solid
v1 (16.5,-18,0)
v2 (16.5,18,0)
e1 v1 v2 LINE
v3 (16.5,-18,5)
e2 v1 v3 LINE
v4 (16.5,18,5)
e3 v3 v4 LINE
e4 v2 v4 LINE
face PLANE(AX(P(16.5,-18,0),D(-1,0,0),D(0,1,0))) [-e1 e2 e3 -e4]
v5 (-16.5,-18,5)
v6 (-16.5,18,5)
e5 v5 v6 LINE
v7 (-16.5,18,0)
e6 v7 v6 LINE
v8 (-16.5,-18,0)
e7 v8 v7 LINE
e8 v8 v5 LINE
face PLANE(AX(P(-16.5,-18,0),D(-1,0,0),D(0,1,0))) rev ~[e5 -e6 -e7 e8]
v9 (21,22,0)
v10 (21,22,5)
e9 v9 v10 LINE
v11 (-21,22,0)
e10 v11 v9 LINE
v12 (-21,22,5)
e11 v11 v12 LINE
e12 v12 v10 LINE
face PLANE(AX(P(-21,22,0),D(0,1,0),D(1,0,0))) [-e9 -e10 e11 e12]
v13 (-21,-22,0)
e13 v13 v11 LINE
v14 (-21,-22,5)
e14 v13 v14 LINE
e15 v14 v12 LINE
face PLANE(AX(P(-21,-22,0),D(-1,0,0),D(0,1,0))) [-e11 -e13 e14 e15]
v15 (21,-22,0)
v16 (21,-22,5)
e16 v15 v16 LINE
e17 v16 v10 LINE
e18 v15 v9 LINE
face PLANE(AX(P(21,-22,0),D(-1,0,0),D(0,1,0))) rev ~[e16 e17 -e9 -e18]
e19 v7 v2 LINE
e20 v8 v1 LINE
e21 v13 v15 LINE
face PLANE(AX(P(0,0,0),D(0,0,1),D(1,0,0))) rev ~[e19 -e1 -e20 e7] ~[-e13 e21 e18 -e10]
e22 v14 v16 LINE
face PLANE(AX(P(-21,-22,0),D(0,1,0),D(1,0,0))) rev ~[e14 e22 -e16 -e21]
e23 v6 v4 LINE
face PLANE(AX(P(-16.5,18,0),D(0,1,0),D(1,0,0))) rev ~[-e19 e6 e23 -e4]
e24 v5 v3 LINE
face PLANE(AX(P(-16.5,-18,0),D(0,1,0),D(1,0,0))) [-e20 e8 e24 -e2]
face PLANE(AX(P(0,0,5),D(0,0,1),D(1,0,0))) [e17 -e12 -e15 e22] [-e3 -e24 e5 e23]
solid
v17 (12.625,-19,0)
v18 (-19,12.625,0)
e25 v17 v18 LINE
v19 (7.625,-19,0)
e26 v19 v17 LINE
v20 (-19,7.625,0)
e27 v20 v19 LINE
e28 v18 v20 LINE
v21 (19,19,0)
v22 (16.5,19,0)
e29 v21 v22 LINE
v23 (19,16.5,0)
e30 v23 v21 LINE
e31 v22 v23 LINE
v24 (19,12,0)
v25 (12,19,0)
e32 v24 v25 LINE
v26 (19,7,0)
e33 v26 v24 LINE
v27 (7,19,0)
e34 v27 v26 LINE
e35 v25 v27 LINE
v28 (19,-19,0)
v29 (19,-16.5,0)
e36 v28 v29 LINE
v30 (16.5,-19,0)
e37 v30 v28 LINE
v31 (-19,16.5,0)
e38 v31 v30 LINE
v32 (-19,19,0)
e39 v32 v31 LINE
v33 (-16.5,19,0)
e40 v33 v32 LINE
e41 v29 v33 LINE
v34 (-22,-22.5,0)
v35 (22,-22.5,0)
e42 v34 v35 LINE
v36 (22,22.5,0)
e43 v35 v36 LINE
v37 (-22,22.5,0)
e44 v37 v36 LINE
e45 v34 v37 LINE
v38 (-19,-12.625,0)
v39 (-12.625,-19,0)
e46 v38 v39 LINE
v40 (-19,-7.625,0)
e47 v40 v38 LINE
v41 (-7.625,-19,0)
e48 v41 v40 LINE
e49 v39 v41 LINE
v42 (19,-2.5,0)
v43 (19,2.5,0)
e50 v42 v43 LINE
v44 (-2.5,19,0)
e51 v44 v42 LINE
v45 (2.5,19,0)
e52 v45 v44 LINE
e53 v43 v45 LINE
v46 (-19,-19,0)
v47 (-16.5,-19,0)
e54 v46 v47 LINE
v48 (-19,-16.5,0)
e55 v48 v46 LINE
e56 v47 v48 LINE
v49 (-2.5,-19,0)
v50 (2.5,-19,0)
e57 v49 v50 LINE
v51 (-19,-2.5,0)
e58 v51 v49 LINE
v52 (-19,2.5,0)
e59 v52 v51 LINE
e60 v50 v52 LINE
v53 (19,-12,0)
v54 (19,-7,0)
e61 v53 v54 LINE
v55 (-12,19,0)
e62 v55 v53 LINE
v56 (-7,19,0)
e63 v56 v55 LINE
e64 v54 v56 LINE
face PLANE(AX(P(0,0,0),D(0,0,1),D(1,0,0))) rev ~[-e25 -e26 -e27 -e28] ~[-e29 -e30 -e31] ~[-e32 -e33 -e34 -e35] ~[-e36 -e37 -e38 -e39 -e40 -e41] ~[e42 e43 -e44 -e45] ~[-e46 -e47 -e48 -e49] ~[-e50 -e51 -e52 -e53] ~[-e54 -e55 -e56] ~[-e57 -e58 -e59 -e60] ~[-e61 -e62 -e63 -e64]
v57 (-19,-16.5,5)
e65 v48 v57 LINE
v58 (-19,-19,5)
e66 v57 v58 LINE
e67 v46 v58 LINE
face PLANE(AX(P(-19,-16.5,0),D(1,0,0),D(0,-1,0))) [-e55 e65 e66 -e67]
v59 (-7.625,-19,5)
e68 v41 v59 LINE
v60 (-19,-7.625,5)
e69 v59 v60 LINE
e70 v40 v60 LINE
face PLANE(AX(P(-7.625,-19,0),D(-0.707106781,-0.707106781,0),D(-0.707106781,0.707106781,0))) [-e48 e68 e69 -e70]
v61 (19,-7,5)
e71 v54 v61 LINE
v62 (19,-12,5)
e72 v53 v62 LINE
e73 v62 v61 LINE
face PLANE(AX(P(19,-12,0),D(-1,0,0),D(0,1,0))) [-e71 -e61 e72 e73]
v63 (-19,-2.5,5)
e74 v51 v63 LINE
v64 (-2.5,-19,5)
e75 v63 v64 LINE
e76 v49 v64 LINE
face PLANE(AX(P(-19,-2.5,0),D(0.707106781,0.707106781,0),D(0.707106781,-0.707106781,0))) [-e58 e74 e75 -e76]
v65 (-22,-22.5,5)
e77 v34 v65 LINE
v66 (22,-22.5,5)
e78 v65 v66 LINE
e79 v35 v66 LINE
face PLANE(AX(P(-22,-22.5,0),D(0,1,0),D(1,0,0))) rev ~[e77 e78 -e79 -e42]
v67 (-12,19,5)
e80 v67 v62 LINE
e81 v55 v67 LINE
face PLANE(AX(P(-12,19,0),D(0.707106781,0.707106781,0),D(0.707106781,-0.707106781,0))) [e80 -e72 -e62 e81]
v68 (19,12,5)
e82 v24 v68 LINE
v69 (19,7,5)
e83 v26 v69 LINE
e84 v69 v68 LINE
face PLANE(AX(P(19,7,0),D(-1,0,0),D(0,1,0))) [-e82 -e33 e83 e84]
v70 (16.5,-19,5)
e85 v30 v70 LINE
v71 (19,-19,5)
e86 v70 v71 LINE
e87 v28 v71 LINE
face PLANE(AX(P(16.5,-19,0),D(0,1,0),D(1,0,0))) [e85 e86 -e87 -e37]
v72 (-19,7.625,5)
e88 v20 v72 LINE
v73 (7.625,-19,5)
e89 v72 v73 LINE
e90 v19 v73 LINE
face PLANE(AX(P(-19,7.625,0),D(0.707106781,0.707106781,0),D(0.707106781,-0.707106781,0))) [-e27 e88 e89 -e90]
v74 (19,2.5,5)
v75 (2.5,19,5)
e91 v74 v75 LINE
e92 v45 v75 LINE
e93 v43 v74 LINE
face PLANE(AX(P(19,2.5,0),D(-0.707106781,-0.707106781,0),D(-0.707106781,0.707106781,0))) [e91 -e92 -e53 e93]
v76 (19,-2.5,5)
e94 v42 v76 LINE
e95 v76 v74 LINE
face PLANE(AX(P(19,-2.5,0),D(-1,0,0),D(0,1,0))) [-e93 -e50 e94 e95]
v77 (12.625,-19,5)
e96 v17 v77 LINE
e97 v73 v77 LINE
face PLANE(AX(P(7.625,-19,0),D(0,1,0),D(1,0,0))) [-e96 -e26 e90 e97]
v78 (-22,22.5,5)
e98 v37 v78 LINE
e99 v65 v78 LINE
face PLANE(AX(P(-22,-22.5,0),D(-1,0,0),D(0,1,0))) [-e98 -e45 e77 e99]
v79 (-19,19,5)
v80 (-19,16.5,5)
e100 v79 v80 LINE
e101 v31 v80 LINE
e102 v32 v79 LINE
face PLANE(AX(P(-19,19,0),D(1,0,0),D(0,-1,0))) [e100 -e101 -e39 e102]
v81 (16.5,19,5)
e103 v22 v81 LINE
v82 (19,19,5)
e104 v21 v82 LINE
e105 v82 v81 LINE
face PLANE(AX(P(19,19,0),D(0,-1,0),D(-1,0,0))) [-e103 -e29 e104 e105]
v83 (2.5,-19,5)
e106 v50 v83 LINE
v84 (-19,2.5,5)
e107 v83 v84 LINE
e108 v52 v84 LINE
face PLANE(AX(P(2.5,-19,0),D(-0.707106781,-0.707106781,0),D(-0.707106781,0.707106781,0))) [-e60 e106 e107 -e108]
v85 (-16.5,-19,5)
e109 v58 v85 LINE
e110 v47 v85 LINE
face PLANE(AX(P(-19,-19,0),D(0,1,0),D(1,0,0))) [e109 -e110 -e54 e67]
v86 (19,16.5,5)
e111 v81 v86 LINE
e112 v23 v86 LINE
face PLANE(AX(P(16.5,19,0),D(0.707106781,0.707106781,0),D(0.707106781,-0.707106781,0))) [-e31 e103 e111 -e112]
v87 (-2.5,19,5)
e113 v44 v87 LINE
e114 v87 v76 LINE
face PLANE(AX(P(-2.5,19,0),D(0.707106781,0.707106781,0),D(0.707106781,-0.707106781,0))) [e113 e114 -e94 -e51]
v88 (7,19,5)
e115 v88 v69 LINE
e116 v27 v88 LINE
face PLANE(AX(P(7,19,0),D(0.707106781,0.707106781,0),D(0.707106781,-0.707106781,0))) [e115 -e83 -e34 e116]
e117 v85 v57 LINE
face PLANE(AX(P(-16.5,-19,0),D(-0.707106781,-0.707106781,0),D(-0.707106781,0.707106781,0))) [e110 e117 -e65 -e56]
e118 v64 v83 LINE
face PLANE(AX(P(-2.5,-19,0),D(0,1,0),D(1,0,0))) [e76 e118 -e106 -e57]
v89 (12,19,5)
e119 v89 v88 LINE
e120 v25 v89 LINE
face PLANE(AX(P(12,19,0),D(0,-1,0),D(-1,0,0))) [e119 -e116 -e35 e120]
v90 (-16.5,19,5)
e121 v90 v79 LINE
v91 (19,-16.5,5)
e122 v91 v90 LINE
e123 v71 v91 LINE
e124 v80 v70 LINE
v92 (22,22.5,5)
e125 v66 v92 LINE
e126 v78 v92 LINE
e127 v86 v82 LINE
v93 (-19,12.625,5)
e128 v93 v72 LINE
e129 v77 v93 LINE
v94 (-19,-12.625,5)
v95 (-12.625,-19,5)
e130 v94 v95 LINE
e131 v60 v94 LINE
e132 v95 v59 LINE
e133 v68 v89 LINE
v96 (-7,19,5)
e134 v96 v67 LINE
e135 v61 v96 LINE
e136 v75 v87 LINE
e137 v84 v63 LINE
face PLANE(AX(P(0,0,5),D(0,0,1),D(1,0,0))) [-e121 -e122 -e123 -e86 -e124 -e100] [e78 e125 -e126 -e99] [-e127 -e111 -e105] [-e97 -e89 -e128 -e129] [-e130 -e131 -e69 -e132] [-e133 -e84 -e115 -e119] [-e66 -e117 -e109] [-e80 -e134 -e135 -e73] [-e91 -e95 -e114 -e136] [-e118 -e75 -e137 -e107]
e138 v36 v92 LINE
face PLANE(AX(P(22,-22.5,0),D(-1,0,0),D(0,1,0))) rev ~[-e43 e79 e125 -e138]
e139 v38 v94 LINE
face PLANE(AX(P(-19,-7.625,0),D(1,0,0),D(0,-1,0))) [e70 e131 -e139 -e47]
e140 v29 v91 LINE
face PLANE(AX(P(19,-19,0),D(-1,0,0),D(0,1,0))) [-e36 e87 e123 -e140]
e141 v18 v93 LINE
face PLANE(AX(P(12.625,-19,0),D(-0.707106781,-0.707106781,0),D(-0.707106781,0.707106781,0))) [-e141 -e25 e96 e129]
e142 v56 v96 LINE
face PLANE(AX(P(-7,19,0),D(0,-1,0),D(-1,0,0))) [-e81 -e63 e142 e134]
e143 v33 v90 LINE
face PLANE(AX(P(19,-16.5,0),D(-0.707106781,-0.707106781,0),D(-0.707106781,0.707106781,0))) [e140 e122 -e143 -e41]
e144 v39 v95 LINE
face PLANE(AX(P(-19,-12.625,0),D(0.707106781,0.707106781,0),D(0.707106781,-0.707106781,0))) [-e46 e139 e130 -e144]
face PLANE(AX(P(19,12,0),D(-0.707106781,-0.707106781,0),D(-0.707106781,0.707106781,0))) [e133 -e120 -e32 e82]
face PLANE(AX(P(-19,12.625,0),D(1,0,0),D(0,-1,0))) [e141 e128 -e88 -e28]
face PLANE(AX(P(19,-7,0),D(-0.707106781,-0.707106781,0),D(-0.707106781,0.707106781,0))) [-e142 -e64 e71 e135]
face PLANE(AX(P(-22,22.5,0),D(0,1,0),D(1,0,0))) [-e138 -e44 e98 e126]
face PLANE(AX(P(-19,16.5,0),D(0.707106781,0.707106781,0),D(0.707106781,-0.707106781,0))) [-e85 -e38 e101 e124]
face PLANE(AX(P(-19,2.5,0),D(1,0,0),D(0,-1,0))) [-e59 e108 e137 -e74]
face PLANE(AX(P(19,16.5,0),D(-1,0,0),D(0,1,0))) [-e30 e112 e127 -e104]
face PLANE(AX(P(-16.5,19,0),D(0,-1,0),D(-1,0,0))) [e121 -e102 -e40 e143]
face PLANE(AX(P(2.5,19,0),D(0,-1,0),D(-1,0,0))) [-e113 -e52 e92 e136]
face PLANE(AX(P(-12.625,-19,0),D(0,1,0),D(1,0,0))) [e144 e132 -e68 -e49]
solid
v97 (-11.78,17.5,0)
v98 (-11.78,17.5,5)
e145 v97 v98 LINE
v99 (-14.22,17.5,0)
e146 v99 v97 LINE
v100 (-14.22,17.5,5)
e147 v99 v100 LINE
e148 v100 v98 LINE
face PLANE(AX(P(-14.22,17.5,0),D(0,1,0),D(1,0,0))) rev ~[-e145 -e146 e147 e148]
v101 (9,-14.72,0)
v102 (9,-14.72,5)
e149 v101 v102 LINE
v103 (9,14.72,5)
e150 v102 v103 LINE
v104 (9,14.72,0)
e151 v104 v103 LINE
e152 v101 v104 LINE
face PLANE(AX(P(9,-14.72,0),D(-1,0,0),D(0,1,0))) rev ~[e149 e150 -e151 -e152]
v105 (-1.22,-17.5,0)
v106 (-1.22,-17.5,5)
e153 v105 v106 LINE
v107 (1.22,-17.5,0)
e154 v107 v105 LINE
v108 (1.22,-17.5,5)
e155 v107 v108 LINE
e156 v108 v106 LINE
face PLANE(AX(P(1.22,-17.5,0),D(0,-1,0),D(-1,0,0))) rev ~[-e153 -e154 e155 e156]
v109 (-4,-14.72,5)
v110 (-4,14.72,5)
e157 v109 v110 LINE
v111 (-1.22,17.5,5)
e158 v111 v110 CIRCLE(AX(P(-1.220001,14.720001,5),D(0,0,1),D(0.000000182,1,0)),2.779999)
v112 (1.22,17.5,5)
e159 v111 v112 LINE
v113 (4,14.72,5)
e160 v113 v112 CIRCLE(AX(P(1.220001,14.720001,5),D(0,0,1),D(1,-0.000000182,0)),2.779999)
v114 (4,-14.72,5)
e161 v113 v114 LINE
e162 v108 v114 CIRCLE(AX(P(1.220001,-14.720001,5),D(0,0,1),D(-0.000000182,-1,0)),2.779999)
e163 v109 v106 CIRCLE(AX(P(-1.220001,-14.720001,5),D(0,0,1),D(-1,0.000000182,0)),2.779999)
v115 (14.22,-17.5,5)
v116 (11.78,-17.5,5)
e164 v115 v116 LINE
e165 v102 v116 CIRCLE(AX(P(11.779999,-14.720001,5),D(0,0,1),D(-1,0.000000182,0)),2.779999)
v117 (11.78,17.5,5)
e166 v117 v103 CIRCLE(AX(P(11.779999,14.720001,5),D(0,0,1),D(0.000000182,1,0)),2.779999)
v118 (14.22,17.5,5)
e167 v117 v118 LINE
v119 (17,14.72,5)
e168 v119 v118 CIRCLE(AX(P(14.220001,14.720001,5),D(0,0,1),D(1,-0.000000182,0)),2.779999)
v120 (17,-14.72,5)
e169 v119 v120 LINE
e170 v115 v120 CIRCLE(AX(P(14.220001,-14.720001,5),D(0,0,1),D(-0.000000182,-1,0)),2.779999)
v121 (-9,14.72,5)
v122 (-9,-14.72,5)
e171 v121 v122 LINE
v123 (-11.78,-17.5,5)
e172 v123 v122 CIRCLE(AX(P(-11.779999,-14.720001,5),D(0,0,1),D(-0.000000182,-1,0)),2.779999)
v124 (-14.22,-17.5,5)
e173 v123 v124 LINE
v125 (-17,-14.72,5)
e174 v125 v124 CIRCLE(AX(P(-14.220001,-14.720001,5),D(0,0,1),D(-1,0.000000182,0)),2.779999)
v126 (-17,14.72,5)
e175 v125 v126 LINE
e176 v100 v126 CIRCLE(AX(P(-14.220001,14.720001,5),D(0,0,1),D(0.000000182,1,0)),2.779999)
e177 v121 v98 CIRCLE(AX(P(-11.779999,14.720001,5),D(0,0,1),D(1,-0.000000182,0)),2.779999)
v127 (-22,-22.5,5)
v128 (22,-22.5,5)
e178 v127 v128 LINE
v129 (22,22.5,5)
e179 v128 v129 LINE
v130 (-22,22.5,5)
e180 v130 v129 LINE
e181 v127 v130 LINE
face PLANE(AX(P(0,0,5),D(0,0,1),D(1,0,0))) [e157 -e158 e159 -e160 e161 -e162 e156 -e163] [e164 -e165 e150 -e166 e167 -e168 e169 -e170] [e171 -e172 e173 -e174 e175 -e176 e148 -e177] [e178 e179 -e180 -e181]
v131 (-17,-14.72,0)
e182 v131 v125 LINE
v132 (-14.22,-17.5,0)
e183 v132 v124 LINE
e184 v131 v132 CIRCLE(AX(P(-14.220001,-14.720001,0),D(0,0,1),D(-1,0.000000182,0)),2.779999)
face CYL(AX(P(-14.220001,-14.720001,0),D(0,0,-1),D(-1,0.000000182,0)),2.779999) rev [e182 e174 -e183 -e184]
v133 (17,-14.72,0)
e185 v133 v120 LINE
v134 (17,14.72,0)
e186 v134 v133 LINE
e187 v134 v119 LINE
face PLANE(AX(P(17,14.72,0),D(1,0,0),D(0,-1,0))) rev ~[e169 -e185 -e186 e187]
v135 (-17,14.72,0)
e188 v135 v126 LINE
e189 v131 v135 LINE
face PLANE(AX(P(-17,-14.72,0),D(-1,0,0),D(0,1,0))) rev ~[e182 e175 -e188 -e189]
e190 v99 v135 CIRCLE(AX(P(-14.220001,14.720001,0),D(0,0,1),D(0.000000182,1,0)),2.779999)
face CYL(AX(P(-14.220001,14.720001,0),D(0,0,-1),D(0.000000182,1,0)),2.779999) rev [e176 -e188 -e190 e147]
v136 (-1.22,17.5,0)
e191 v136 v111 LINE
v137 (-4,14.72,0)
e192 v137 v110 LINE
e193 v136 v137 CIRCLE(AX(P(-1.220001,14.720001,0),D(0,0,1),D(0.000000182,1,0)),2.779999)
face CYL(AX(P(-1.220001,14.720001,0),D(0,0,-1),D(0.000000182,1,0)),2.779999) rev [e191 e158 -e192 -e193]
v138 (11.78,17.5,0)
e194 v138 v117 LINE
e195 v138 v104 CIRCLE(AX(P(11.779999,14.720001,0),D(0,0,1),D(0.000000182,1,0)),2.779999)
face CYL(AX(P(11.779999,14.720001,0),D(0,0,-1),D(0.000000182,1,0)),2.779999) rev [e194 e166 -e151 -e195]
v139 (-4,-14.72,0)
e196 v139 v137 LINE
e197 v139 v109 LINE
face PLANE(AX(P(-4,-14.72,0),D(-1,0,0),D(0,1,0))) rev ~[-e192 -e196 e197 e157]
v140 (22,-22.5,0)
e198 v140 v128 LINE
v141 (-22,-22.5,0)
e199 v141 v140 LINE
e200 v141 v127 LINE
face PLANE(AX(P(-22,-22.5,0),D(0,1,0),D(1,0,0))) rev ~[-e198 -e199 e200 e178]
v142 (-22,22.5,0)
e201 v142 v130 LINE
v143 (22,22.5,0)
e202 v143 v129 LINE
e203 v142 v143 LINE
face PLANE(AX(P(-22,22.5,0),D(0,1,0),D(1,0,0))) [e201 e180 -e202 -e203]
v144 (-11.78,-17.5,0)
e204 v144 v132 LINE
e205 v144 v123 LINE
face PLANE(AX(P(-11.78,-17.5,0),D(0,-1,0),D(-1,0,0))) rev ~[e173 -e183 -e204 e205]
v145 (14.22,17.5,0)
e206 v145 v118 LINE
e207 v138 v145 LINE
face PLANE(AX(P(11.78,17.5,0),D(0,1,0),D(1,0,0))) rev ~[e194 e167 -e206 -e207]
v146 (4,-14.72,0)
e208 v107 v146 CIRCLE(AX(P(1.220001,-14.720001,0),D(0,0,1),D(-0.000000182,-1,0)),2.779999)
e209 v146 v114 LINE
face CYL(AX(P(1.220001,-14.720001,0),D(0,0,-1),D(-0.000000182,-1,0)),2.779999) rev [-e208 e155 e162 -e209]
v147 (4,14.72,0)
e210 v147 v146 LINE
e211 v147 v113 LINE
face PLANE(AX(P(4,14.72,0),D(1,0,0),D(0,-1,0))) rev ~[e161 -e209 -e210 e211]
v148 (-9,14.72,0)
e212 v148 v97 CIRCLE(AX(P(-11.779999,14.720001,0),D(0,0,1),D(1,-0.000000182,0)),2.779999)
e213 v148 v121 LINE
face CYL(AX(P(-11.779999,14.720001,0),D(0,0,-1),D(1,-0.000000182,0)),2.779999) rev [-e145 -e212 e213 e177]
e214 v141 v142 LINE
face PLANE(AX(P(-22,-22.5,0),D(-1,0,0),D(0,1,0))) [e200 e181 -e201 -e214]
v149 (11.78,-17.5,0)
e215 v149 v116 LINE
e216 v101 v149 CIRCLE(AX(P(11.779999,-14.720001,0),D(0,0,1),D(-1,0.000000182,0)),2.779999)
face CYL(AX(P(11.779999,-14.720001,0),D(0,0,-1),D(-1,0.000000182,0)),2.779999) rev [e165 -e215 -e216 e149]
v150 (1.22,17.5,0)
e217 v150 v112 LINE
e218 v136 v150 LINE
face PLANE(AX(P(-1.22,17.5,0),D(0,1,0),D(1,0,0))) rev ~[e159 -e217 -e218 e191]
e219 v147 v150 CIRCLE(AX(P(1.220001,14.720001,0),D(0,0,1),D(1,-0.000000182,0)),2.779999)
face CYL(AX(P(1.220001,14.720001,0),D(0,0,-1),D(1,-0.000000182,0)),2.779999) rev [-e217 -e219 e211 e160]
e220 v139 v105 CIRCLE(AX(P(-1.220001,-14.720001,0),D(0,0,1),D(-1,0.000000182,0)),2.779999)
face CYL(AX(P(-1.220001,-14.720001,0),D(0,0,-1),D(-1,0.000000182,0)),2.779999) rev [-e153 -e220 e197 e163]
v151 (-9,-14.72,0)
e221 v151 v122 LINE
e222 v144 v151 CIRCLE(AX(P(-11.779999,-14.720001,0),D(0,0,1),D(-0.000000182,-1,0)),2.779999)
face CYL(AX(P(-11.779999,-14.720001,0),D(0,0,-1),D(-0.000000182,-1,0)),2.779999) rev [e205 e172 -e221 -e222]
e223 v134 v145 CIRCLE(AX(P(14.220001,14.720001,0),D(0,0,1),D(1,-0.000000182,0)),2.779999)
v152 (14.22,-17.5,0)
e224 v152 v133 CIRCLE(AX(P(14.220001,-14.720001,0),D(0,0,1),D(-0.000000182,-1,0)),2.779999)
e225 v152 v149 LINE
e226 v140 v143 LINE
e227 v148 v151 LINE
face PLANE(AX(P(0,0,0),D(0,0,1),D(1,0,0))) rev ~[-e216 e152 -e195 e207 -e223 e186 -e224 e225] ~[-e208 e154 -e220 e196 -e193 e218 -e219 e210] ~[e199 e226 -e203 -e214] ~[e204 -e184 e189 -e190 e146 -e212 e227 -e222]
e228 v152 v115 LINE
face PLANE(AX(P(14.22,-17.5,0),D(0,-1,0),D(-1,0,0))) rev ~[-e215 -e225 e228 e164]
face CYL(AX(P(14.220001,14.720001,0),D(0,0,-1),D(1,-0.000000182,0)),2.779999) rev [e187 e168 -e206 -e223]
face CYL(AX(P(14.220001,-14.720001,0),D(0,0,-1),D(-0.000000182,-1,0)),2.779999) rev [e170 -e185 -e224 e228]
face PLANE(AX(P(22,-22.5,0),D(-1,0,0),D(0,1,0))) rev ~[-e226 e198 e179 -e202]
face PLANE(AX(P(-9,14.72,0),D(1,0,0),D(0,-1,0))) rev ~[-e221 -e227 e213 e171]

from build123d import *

# Parameters (mm, degrees)
SKETCH_W      = 44
SKETCH_H      = 45
PAD_DEPTH     = 5
SKETCH001_W   = 44
SKETCH001_H   = 45
PAD001_DEPTH  = 5
SKETCH002_W   = 42
SKETCH002_H   = 44
SKETCH002_W_2 = 33
SKETCH002_H_2 = 36
PAD002_DEPTH  = 5


with BuildPart() as verticalholes:
    # Sketch → Pad (new body)
    with BuildSketch(Plane.XY):
        Rectangle(SKETCH_W, SKETCH_H)
        with BuildLine():
            ThreePointArc((-14.22, 17.5), (-16.185757, 16.685757), (-17, 14.72))
            Line((-17, -14.72), (-17, 14.72))
            ThreePointArc((-17, -14.72), (-16.185757, -16.685757), (-14.22, -17.5))
            Line((-11.78, -17.5), (-14.22, -17.5))
            ThreePointArc((-11.78, -17.5), (-9.814243, -16.685757), (-9, -14.72))
            Line((-9, 14.72), (-9, -14.72))
            ThreePointArc((-9, 14.72), (-9.814243, 16.685757), (-11.78, 17.5))
            Line((-14.22, 17.5), (-11.78, 17.5))
        make_face(mode=Mode.SUBTRACT)
        with BuildLine():
            ThreePointArc((-1.22, 17.5), (-3.185757, 16.685757), (-4, 14.72))
            Line((-4, -14.72), (-4, 14.72))
            ThreePointArc((-4, -14.72), (-3.185757, -16.685757), (-1.22, -17.5))
            Line((1.22, -17.5), (-1.22, -17.5))
            ThreePointArc((1.22, -17.5), (3.185757, -16.685757), (4, -14.72))
            Line((4, 14.72), (4, -14.72))
            ThreePointArc((4, 14.72), (3.185757, 16.685757), (1.22, 17.5))
            Line((-1.22, 17.5), (1.22, 17.5))
        make_face(mode=Mode.SUBTRACT)
        with BuildLine():
            ThreePointArc((11.78, 17.5), (9.814243, 16.685757), (9, 14.72))
            Line((9, -14.72), (9, 14.72))
            ThreePointArc((9, -14.72), (9.814243, -16.685757), (11.78, -17.5))
            Line((14.22, -17.5), (11.78, -17.5))
            ThreePointArc((14.22, -17.5), (16.185757, -16.685757), (17, -14.72))
            Line((17, 14.72), (17, -14.72))
            ThreePointArc((17, 14.72), (16.185757, 16.685757), (14.22, 17.5))
            Line((11.78, 17.5), (14.22, 17.5))
        make_face(mode=Mode.SUBTRACT)
    extrude(amount=PAD_DEPTH)


with BuildPart() as diagonalholes:
    # Sketch001 → Pad001 (new body)
    with BuildSketch(Plane.XY):
        Rectangle(SKETCH001_W, SKETCH001_H)
        Polygon((-19, -16.5), (-19, -19), (-16.5, -19), align=None, mode=Mode.SUBTRACT)
        Polygon((-19, -7.625), (-19, -12.625), (-12.625, -19), (-7.625, -19), align=None, mode=Mode.SUBTRACT)
        Polygon((-19, 2.5), (-19, -2.5), (-2.5, -19), (2.5, -19), align=None, mode=Mode.SUBTRACT)
        Polygon((-19, 12.625), (-19, 7.625), (7.625, -19), (12.625, -19), align=None, mode=Mode.SUBTRACT)
        Polygon((-19, 19), (-19, 16.5), (16.5, -19), (19, -19), (19, -16.5), (-16.5, 19), align=None, mode=Mode.SUBTRACT)
        Polygon((-12, 19), (19, -12), (19, -7), (-7, 19), align=None, mode=Mode.SUBTRACT)
        Polygon((-2.5, 19), (19, -2.5), (19, 2.5), (2.5, 19), align=None, mode=Mode.SUBTRACT)
        Polygon((7, 19), (19, 7), (19, 12), (12, 19), align=None, mode=Mode.SUBTRACT)
        Polygon((16.5, 19), (19, 16.5), (19, 19), align=None, mode=Mode.SUBTRACT)
    extrude(amount=PAD001_DEPTH)


with BuildPart() as fullhole:
    # Sketch002 → Pad002 (new body)
    with BuildSketch(Plane.XY):
        Rectangle(SKETCH002_W, SKETCH002_H)
        Rectangle(SKETCH002_W_2, SKETCH002_H_2, mode=Mode.SUBTRACT)
    extrude(amount=PAD002_DEPTH)


solid = Compound([verticalholes.part, diagonalholes.part, fullhole.part])
